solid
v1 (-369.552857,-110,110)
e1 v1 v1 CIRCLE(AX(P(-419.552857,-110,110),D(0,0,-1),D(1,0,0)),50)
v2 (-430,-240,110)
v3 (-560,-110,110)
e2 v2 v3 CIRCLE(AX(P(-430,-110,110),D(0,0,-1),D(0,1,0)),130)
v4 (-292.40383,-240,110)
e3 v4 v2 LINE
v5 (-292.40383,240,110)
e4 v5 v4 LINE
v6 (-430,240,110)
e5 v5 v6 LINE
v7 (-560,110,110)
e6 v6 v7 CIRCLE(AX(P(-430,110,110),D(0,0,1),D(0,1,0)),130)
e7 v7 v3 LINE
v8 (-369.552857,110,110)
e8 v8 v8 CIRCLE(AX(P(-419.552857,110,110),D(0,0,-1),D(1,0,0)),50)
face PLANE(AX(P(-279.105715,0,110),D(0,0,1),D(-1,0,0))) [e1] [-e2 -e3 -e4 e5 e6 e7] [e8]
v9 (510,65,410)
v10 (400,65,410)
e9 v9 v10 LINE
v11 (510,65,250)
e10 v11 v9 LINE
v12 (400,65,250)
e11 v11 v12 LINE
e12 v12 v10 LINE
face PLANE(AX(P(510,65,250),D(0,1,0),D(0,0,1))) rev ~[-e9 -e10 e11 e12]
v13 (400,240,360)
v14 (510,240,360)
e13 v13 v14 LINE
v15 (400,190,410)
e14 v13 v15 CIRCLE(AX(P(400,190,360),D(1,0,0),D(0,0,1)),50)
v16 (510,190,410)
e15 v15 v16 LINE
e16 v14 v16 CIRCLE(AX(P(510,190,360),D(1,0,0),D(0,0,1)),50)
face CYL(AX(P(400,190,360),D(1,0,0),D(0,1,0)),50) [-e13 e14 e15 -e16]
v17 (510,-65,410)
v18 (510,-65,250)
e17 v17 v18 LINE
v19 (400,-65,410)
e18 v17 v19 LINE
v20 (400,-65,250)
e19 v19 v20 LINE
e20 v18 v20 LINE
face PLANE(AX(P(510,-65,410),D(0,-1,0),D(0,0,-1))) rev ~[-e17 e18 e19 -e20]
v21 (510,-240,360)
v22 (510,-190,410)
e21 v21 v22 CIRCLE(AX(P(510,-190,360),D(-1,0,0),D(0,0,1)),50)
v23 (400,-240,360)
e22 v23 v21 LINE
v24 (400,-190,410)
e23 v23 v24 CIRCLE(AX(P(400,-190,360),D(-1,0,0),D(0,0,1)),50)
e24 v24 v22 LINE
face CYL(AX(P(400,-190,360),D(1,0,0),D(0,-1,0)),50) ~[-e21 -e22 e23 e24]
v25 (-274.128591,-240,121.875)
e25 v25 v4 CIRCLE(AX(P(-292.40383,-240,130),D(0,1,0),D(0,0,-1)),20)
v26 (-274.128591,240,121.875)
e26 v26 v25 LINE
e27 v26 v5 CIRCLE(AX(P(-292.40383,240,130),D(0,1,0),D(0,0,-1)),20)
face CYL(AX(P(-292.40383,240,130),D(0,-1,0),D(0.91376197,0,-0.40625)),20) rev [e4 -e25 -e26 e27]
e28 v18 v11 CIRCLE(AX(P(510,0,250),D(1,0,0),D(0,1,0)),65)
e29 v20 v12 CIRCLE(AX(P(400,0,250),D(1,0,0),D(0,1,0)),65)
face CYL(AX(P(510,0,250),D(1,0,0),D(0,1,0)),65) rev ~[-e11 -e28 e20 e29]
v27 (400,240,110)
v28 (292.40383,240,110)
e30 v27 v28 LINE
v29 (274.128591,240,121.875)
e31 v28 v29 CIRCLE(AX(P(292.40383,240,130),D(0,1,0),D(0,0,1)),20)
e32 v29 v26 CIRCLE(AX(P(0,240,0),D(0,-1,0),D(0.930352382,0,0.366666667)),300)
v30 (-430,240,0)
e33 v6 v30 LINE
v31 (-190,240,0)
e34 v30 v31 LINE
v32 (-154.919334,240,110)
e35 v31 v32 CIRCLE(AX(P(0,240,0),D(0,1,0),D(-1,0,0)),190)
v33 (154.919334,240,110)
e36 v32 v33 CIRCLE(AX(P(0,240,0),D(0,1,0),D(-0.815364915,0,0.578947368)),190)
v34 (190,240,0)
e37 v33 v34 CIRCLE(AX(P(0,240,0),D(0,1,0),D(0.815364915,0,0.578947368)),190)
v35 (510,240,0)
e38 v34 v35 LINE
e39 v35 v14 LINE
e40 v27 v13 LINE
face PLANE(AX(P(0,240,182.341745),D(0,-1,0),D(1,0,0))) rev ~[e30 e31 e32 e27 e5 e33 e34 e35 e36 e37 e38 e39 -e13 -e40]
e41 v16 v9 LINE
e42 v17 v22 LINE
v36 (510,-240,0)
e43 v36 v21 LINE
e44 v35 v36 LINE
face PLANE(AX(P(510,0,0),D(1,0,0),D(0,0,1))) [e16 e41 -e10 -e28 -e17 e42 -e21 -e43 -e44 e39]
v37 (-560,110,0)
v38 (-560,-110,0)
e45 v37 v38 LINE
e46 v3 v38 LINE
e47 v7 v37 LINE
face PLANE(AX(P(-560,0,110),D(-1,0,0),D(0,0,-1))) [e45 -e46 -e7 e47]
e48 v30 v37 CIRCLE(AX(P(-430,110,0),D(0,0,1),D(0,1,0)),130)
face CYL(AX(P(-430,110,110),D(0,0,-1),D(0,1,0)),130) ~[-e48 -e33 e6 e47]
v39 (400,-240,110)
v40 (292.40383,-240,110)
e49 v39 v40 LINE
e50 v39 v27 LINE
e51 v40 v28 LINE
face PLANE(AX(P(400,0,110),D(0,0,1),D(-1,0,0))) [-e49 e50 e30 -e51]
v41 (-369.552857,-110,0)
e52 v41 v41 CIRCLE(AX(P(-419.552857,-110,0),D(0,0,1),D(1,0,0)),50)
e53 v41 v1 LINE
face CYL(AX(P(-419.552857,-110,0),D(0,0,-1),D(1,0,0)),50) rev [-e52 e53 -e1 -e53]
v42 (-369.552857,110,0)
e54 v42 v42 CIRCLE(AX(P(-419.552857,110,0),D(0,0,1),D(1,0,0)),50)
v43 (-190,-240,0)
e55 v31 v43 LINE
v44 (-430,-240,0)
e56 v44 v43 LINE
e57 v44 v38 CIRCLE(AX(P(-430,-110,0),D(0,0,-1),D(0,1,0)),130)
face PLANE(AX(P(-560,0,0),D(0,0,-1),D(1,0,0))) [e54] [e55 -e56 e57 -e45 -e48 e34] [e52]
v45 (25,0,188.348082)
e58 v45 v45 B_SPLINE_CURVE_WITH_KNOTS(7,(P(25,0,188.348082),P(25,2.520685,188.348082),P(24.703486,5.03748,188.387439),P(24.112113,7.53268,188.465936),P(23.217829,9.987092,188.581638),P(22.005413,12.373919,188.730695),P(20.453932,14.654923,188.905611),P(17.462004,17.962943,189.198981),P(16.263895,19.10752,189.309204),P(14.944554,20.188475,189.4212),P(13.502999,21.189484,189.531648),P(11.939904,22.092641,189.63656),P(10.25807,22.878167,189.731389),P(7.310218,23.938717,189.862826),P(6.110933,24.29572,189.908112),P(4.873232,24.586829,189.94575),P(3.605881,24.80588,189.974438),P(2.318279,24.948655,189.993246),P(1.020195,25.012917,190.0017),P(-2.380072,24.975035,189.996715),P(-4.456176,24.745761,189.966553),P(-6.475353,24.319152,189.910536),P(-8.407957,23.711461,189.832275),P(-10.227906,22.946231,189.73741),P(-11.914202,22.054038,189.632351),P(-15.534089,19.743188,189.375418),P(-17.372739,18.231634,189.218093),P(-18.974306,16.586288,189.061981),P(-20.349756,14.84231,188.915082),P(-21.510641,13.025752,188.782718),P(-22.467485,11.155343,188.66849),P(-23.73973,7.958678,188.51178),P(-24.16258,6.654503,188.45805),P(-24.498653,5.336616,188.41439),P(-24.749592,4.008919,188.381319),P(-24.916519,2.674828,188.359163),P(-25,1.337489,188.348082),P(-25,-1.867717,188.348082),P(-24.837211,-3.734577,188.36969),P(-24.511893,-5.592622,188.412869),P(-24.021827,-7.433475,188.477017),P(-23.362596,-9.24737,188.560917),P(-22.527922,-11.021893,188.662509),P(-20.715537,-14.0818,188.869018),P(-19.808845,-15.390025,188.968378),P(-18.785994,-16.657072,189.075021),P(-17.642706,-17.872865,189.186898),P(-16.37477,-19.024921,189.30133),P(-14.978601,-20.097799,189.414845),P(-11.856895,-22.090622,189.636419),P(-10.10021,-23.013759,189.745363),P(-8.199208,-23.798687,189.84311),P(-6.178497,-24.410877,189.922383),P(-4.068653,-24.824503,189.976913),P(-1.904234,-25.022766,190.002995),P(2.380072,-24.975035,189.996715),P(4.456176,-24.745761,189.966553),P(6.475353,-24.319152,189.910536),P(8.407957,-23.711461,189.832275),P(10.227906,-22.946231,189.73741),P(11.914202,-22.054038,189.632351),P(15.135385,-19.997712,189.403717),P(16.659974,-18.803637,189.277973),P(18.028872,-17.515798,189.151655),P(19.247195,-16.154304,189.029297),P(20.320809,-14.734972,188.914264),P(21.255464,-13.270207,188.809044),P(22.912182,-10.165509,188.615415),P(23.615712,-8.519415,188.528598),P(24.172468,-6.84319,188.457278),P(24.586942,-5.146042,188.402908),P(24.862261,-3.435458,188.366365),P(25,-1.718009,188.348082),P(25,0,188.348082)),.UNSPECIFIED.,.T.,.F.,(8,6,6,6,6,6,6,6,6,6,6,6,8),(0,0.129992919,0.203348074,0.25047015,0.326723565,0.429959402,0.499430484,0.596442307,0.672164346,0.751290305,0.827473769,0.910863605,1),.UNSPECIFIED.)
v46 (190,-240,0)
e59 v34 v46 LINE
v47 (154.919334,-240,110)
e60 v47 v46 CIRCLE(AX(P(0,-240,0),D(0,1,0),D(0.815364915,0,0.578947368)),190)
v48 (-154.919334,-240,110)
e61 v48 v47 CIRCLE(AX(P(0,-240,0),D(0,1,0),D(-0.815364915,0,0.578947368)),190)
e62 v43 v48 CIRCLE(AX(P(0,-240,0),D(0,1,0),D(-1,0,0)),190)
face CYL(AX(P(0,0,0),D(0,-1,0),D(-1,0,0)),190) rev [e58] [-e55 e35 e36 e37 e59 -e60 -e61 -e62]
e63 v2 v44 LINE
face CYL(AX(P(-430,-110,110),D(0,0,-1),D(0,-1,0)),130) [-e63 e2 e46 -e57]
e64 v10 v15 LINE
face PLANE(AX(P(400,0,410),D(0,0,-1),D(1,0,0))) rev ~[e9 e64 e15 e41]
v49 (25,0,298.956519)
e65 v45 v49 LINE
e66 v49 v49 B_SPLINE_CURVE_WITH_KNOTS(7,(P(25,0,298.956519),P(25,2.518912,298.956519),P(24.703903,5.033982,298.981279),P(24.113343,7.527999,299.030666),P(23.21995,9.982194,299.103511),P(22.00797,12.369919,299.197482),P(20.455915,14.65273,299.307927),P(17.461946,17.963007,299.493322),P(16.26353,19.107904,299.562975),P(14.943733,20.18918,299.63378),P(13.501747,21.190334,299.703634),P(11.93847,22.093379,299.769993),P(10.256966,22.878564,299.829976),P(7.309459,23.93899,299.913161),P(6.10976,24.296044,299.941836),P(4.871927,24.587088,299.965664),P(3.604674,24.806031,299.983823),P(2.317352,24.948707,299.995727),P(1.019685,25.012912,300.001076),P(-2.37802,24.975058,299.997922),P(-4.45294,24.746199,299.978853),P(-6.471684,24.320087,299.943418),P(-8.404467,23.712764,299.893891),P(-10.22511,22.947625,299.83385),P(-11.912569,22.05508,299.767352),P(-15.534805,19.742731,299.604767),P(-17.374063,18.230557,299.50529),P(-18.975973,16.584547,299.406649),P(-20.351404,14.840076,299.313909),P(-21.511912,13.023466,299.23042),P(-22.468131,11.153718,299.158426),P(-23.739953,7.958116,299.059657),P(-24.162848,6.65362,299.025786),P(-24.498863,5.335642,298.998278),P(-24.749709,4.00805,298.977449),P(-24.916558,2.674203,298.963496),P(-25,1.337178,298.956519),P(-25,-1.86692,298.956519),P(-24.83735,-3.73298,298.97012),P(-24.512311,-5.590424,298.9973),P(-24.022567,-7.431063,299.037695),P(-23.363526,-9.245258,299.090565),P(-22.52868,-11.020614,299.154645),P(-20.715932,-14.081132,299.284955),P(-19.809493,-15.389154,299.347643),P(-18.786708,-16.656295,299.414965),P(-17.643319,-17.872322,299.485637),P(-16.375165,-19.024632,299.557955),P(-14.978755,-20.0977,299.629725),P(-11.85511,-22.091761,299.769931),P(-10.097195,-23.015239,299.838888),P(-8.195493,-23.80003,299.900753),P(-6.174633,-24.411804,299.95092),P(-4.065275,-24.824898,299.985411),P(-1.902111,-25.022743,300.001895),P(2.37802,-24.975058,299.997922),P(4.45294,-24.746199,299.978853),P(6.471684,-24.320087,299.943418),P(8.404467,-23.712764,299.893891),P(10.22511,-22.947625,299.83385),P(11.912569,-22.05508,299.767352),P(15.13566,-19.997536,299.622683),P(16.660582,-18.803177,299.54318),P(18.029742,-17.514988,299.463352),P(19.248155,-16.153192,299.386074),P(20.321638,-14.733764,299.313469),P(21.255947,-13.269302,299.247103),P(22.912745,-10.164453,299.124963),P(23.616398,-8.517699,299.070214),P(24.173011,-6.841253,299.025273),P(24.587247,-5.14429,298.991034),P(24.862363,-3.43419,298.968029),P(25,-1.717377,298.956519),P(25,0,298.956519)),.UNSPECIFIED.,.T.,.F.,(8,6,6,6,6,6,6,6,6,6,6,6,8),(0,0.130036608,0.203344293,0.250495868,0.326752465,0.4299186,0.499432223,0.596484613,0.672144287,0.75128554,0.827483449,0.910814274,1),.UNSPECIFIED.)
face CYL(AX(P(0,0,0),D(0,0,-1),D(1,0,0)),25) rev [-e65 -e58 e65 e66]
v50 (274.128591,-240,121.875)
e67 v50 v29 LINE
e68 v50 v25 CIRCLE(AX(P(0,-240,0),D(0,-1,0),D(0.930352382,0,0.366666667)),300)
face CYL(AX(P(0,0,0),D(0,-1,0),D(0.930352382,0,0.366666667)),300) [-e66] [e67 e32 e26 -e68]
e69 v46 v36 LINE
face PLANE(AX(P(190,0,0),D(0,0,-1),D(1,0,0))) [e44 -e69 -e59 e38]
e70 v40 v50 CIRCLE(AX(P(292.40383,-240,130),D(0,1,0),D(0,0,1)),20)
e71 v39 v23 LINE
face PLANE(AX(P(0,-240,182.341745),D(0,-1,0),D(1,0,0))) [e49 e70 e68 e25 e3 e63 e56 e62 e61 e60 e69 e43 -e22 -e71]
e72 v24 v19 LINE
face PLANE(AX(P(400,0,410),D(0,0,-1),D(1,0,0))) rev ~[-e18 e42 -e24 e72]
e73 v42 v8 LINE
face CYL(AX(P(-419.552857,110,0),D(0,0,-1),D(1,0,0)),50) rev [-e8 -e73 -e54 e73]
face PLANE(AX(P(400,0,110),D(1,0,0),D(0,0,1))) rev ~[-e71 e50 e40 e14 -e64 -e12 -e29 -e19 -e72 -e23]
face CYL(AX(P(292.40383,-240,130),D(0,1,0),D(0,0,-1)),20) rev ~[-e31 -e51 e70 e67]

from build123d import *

# Parameters (mm, degrees)
F0_W     = 110
F0_H     = 300
F1_DEPTH = 240
F3_DEPTH = 110
F4_R     = 50
F4_R_2   = 25
F5_DEPTH = 410.001
F6_R     = 130
F7_R     = 50
F8_R     = 20


with BuildPart() as f1:
    # F0 (on Front) → F1 (new body, symmetric)
    with BuildSketch(Plane.XZ):
        with BuildLine():
            Line((154.9193338483, 110), (279.1057147391, 110))
            ThreePointArc((279.1057147391, 110), (0, 300), (-279.1057147391, 110))
            Line((-279.1057147391, 110), (-154.9193338483, 110))
            ThreePointArc((-154.9193338483, 110), (0, 190), (154.9193338483, 110))
        make_face()
        with BuildLine():
            Line((190, 0), (300, 0))
            ThreePointArc((300, 0), (294.7301430306, 55.9834153044), (279.1057147391, 110))
            Line((279.1057147391, 110), (154.9193338483, 110))
            ThreePointArc((154.9193338483, 110), (181.0175038928, 57.7292238334), (190, 0))
        make_face()
        with BuildLine():
            Line((-560, 0), (-300, 0))
            ThreePointArc((-300, 0), (-294.7301430306, 55.9834153044), (-279.1057147391, 110))
            Line((-279.1057147391, 110), (-560, 110))
            Line((-560, 110), (-560, 0))
        make_face()
        with BuildLine():
            ThreePointArc((-279.1057147391, 110), (-294.7301430306, 55.9834153044), (-300, 0))
            Line((-300, 0), (-190, 0))
            ThreePointArc((-190, 0), (-181.0175038928, 57.7292238334), (-154.9193338483, 110))
            Line((-154.9193338483, 110), (-279.1057147391, 110))
        make_face()
        with BuildLine():
            ThreePointArc((279.1057147391, 110), (294.7301430306, 55.9834153044), (300, 0))
            Line((300, 0), (510, 0))
            Line((510, 0), (510, 110))
            Line((510, 110), (400, 110))
            Line((400, 110), (279.1057147391, 110))
        make_face()
        with Locations((455, 260)):
            Rectangle(F0_W, F0_H)
    extrude(amount=F1_DEPTH, both=True)

    # F2 (on face) → F3 (cut, through all)
    with BuildSketch(Plane.YZ.offset(510)):
        with BuildLine():
            ThreePointArc((-65, 250), (0, 185), (65, 250))
            ThreePointArc((65, 250), (0, 315), (-65, 250))
        make_face()
        with BuildLine():
            ThreePointArc((-65, 250), (0, 315), (65, 250))
            Line((65, 250), (65, 410))
            Line((65, 410), (-65, 410))
            Line((-65, 410), (-65, 250))
        make_face()
    extrude(amount=-F3_DEPTH, mode=Mode.SUBTRACT)

    # F4 (on Top) → F5 (cut, through all)
    with BuildSketch(Plane.XY):
        with Locations((-419.5528573695, 110)):
            Circle(F4_R)
        with Locations((-419.5528573695, -110)):
            Circle(F4_R)
        Circle(F4_R_2)
    extrude(amount=F5_DEPTH, mode=Mode.SUBTRACT)

    # F6
    f6_edges = [f1.edges().sort_by_distance(p)[0] for p in [
        (-560, 240, 55),
        (-560, -240, 55),
    ]]
    fillet(f6_edges, radius=F6_R)

    # F7
    f7_edges = [f1.edges().sort_by_distance(p)[0] for p in [
        (455, 240, 410),
        (455, -240, 410),
    ]]
    fillet(f7_edges, radius=F7_R)

    # F8
    f8_edges = [f1.edges().sort_by_distance(p)[0] for p in [
        (-279.105715, 0, 110),
        (279.105715, 0, 110),
    ]]
    fillet(f8_edges, radius=F8_R)


solid = f1.part
